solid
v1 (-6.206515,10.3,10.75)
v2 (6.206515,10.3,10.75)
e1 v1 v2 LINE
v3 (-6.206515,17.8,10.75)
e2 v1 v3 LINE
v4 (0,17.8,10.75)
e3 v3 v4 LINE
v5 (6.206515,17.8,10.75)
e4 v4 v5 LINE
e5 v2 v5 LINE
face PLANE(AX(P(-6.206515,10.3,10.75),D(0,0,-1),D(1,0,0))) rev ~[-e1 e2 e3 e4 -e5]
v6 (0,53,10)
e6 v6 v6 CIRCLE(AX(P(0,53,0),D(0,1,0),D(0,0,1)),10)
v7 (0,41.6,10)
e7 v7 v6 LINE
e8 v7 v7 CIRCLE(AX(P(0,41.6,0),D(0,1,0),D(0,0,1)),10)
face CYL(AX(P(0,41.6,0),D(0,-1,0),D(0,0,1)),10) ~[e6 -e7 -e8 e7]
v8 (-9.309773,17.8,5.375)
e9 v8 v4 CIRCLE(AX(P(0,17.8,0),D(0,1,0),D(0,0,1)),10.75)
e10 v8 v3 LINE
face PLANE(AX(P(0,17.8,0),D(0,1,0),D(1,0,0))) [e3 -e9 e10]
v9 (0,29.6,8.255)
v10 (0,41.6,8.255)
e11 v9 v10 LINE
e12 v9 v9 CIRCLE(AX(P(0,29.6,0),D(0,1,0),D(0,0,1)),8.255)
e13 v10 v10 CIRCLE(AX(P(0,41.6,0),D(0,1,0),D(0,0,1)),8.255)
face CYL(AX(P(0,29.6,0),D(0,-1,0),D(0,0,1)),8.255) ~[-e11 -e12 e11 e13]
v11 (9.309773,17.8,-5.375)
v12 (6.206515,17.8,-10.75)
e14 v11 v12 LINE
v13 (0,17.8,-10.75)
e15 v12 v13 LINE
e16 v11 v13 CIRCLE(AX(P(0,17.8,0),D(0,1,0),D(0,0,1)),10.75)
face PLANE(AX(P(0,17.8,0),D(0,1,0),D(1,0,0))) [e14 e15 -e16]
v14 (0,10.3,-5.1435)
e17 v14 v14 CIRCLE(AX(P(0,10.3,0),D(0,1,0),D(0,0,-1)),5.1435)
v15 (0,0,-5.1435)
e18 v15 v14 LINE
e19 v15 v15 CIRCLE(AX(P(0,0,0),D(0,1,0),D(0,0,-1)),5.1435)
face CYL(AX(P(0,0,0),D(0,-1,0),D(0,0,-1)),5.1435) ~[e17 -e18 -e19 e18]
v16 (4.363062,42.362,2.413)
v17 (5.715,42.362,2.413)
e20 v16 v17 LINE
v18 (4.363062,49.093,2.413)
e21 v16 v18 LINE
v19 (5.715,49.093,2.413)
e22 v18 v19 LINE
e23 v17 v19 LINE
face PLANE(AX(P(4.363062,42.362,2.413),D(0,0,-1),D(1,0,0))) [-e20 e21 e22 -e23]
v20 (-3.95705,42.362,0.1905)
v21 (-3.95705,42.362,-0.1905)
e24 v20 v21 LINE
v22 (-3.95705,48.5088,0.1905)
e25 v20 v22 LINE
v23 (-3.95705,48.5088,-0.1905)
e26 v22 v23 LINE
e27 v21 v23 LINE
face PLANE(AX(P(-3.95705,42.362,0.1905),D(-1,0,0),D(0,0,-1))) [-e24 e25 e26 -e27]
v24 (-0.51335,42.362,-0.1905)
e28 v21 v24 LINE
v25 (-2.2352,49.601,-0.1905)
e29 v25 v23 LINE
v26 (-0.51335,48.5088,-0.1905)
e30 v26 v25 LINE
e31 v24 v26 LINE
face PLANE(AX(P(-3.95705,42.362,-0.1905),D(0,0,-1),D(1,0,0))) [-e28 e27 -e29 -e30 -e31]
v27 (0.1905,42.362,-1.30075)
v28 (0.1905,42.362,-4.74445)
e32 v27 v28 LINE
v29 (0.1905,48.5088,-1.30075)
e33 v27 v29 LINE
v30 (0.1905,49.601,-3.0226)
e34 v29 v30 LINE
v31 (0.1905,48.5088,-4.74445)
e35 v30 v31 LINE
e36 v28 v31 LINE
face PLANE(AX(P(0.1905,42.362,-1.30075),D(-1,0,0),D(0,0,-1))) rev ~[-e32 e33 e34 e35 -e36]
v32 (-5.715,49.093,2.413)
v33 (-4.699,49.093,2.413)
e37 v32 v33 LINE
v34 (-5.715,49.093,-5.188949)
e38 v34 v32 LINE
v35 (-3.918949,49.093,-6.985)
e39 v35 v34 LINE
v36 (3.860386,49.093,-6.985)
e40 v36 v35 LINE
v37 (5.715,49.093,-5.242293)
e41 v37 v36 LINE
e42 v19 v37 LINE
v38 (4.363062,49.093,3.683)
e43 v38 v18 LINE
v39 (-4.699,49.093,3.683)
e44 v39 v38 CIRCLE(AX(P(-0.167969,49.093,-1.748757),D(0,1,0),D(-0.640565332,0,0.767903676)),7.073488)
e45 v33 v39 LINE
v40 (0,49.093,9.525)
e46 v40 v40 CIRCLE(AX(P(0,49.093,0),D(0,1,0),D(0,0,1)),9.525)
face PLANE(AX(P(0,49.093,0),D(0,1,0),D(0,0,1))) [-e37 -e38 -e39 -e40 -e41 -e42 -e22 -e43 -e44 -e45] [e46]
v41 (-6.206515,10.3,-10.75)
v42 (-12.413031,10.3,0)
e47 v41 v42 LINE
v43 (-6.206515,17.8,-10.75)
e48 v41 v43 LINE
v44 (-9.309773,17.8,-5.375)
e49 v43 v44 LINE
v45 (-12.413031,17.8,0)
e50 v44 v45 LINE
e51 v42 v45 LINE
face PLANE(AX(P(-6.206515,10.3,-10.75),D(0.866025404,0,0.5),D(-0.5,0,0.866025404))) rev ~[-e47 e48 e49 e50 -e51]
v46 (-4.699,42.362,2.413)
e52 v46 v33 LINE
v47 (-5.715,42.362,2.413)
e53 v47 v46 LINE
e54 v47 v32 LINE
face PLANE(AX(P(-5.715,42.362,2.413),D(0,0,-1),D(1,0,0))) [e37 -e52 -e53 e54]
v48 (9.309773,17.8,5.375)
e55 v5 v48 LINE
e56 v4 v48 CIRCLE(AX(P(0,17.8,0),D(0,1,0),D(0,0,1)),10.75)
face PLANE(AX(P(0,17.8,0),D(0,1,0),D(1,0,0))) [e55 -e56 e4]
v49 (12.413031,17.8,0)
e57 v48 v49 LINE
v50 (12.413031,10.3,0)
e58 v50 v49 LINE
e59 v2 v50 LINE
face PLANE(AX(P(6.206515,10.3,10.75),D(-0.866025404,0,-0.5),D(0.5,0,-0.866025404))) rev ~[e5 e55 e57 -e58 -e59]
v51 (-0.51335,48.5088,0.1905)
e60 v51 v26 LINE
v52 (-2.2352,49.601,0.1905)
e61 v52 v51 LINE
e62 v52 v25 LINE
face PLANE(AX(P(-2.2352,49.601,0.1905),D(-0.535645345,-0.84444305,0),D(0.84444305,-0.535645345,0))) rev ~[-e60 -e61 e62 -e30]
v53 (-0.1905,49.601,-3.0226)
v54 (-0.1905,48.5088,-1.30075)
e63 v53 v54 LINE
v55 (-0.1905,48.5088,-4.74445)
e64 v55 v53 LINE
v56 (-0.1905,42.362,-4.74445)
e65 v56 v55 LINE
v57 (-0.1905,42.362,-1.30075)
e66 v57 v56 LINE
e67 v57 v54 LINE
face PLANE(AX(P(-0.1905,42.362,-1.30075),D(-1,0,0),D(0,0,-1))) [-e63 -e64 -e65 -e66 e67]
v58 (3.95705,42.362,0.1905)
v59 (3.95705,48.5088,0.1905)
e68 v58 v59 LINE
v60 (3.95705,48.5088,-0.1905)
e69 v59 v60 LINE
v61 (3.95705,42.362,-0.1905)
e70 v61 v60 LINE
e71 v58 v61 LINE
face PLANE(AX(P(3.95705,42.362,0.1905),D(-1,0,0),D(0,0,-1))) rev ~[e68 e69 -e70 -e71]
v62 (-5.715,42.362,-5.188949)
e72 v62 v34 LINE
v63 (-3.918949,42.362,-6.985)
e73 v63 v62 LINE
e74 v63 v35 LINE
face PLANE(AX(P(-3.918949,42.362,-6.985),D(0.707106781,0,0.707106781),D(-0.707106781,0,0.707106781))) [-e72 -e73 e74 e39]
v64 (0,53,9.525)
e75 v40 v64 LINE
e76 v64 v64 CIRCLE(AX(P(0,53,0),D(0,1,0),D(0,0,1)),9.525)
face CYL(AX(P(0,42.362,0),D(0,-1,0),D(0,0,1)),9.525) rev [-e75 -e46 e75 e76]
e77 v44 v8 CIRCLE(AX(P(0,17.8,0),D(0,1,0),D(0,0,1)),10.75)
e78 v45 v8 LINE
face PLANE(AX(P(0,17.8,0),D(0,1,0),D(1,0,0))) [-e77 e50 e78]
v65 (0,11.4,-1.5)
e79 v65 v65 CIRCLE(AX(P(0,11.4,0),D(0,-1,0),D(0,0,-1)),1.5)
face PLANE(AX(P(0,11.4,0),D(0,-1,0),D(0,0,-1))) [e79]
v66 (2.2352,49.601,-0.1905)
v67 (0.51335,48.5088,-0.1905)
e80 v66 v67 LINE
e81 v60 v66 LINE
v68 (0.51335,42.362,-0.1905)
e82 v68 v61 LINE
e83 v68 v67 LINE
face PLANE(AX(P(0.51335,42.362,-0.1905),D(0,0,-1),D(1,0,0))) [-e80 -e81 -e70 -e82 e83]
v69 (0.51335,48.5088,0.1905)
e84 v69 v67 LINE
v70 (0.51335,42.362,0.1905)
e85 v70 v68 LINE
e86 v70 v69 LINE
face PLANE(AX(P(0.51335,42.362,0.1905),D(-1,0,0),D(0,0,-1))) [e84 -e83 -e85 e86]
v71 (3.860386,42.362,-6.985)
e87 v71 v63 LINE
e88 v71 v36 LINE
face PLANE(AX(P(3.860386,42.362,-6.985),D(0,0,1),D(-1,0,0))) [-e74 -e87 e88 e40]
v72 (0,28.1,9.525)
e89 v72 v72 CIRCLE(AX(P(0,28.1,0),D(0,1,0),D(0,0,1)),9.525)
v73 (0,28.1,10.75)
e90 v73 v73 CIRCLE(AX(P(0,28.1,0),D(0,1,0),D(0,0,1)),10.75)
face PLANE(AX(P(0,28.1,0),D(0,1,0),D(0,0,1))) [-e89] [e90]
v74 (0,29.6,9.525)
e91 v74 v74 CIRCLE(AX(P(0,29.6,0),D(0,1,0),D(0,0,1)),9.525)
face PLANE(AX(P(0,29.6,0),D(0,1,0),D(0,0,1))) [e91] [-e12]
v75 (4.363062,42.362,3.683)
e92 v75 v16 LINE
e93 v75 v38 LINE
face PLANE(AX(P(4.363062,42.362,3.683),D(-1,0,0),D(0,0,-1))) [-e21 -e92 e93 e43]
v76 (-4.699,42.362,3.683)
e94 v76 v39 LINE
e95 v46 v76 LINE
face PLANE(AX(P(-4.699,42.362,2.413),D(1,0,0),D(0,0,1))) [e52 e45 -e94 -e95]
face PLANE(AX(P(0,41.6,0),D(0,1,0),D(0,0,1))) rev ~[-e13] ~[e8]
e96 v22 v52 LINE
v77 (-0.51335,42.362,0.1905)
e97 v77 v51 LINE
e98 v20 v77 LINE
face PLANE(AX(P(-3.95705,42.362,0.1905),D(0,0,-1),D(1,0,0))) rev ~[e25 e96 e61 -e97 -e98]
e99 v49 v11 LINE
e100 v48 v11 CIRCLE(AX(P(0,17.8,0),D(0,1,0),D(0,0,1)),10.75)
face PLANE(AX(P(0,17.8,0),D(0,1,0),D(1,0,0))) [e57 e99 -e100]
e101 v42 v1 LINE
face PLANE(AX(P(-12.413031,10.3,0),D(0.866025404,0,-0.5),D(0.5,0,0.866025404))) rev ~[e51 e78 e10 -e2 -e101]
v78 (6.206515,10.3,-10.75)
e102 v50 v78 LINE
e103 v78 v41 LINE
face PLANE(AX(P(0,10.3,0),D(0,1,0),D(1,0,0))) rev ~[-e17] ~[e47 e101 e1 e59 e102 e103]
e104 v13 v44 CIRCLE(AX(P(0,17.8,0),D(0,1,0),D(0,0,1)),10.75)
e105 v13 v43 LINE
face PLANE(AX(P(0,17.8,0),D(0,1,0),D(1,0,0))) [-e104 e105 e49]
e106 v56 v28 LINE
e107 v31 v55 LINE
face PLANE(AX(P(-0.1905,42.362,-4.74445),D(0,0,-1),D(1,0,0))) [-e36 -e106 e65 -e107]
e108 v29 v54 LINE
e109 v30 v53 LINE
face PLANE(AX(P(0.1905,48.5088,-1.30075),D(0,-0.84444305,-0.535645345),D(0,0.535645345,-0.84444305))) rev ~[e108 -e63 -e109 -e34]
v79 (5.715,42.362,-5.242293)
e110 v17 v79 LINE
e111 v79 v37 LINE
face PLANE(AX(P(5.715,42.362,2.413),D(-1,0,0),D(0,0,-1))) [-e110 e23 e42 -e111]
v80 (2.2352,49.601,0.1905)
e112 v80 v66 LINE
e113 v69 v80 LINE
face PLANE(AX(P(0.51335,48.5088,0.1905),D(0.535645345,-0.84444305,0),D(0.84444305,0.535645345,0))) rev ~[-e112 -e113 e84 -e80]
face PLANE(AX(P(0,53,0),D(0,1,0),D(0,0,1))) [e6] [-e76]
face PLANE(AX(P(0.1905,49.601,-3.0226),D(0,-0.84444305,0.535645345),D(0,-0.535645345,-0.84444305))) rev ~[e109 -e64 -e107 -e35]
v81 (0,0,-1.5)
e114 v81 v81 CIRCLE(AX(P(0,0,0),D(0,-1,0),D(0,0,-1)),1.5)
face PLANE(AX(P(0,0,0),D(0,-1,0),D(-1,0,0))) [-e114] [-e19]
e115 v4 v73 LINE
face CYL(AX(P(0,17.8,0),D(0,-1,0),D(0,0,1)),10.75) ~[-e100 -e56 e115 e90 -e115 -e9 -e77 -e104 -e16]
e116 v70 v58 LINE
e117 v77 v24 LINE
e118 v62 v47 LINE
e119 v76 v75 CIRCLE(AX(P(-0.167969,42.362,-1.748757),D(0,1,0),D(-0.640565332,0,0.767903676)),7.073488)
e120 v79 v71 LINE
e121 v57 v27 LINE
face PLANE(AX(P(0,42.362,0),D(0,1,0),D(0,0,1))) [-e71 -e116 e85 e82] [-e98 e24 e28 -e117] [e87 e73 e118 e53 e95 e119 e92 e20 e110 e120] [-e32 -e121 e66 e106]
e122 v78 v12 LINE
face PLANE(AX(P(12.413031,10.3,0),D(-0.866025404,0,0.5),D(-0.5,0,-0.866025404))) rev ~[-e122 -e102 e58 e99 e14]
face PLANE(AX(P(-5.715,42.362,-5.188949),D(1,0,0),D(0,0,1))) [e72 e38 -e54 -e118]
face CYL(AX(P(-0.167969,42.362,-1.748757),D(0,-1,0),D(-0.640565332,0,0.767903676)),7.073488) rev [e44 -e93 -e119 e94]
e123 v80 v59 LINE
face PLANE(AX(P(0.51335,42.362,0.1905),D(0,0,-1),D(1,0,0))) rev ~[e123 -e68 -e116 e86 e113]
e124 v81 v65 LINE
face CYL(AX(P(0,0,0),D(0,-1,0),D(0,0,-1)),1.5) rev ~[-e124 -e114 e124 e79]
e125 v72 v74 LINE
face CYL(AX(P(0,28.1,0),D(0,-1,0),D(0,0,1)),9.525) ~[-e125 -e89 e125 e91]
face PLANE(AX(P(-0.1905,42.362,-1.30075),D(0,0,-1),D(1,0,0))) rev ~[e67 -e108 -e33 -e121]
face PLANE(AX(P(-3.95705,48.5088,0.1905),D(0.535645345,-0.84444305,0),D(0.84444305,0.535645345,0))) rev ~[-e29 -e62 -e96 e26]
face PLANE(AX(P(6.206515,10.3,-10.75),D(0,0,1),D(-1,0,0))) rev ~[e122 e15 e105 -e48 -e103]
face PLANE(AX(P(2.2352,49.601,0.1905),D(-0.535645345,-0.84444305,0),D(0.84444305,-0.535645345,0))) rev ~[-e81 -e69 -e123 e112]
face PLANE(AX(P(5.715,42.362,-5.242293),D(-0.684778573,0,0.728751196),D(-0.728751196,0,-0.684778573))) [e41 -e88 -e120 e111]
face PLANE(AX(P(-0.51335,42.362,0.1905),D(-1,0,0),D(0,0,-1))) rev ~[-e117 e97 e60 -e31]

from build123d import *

# Parameters (mm, degrees)
SKETCH1_R           = 5.1435
BOSS_EXTRUDE1_DEPTH = 10.3
BOSS_EXTRUDE2_DEPTH = 7.5
SKETCH3_R           = 10.75
BOSS_EXTRUDE3_DEPTH = 10.3
SKETCH4_R           = 9.525
BOSS_EXTRUDE4_DEPTH = 1.5
SKETCH5_R           = 8.255
BOSS_EXTRUDE5_DEPTH = 12
SKETCH6_R           = 10
BOSS_EXTRUDE6_DEPTH = 11.4
SKETCH7_R           = 4.3053
CUT_EXTRUDE1_DEPTH  = 11.4
SKETCH28_R          = 4.3053
BOSS_EXTRUDE7_DEPTH = 11.4
SKETCH29_R          = 1.5
CUT_EXTRUDE2_DEPTH  = 11.4
CUT_EXTRUDE6_START  = -10.638
SKETCH30_R          = 9.525
CUT_EXTRUDE6_DEPTH  = 10.638
SKETCH31_W          = 0.381
SKETCH31_H          = 3.44369911
SKETCH31_W_2        = 3.44369911
SKETCH31_H_2        = 0.381
BOSS_EXTRUDE8_DEPTH = 7.239
CUT_EXTRUDE7_DEPTH  = 6.731
CUT_EXTRUDE8_DEPTH  = 1.651
CUT_EXTRUDE9_DEPTH  = 1.651
SKETCH35_R          = 9.525
BOSS_EXTRUDE9_DEPTH = 6.731


with BuildPart() as part:
    # Sketch1 → Boss-Extrude1 (new body)
    with BuildSketch(Plane(origin=(0, 0, 0), x_dir=(1, 0, 0), z_dir=(0, 1, 0))):
        with Locations(Location((0, 0, 0), (0, 0, 90))):
            Circle(SKETCH1_R)
    extrude(amount=BOSS_EXTRUDE1_DEPTH)

    # Sketch2 → Boss-Extrude2 (add)
    with BuildSketch(Plane(origin=(0, 10.3, 0), x_dir=(1, 0, 0), z_dir=(0, 1, 0))):
        Polygon((6.206515394, 10.75), (-6.206515394, 10.75), (-12.413030788, 0), (-6.206515394, -10.75), (6.206515394, -10.75), (12.413030788, 0), align=None)
    extrude(amount=BOSS_EXTRUDE2_DEPTH)

    # Sketch3 → Boss-Extrude3 (add)
    with BuildSketch(Plane(origin=(0, 17.8, 0), x_dir=(1, 0, 0), z_dir=(0, 1, 0))):
        with Locations(Location((0, 0, 0), (0, 0, 270))):
            Circle(SKETCH3_R)
    extrude(amount=BOSS_EXTRUDE3_DEPTH)

    # Sketch4 → Boss-Extrude4 (add)
    with BuildSketch(Plane(origin=(0, 28.1, 0), x_dir=(1, 0, 0), z_dir=(0, 1, 0))):
        with Locations(Location((0, 0, 0), (0, 0, 270))):
            Circle(SKETCH4_R)
    extrude(amount=BOSS_EXTRUDE4_DEPTH)

    # Sketch5 → Boss-Extrude5 (add)
    with BuildSketch(Plane(origin=(0, 29.6, 0), x_dir=(1, 0, 0), z_dir=(0, 1, 0))):
        with Locations(Location((0, 0, 0), (0, 0, 270))):
            Circle(SKETCH5_R)
    extrude(amount=BOSS_EXTRUDE5_DEPTH)

    # Sketch6 → Boss-Extrude6 (add)
    with BuildSketch(Plane(origin=(0, 41.6, 0), x_dir=(1, 0, 0), z_dir=(0, 1, 0))):
        with Locations(Location((0, 0, 0), (0, 0, 270))):
            Circle(SKETCH6_R)
    extrude(amount=BOSS_EXTRUDE6_DEPTH)

    # Sketch7 → Cut-Extrude1 (cut)
    with BuildSketch(Plane.XZ):
        with Locations(Location((0, 0, 0), (0, 0, 270))):
            Circle(SKETCH7_R)
    extrude(amount=-CUT_EXTRUDE1_DEPTH, mode=Mode.SUBTRACT)

    # Sketch28 → Boss-Extrude7 (add)
    with BuildSketch(Plane(origin=(0, 0, 0), x_dir=(-1, 0, 0), z_dir=(0, -1, 0))):
        Circle(SKETCH28_R)
    extrude(amount=-BOSS_EXTRUDE7_DEPTH)

    # Sketch29 → Cut-Extrude2 (cut)
    with BuildSketch(Plane.XZ):
        with Locations(Location((0, 0, 0), (0, 0, 270))):
            Circle(SKETCH29_R)
    extrude(amount=-CUT_EXTRUDE2_DEPTH, mode=Mode.SUBTRACT)

    # Sketch30 → Cut-Extrude6 (cut)
    with BuildSketch(Plane(origin=(0, 53, 0), x_dir=(1, 0, 0), z_dir=(0, 1, 0)).offset(CUT_EXTRUDE6_START)):
        with Locations(Location((0, 0, 0), (0, 0, 270))):
            Circle(SKETCH30_R)
    extrude(amount=CUT_EXTRUDE6_DEPTH, mode=Mode.SUBTRACT)

    # Sketch31 → Boss-Extrude8 (add)
    with BuildSketch(Plane(origin=(0, 42.362, 0), x_dir=(1, 0, 0), z_dir=(0, 1, 0))):
        with Locations((0, 3.0226)):
            Rectangle(SKETCH31_W, SKETCH31_H)
        with Locations((-2.2352, 0)):
            Rectangle(SKETCH31_W_2, SKETCH31_H_2)
        with Locations((2.2352, 0)):
            Rectangle(SKETCH31_W_2, SKETCH31_H_2)
    extrude(amount=BOSS_EXTRUDE8_DEPTH)

    # Sketch32 → Cut-Extrude7 (cut)
    with BuildSketch(Plane.XY.offset(0.1905)):
        Polygon((-3.957049555, 48.5088), (-2.2352, 49.601), (-3.957049555, 49.601), align=None)
        Polygon((-0.513350445, 49.601), (-2.2352, 49.601), (-0.513350445, 48.5088), align=None)
    extrude(amount=-CUT_EXTRUDE7_DEPTH, mode=Mode.SUBTRACT)

    # Sketch33 → Cut-Extrude8 (cut)
    with BuildSketch(Plane.XY.offset(0.1905)):
        Polygon((0.513350445, 48.5088), (2.2352, 49.601), (0.513350445, 49.601), align=None)
        Polygon((3.957049555, 49.601), (2.2352, 49.601), (3.957049555, 48.5088), align=None)
    extrude(amount=-CUT_EXTRUDE8_DEPTH, mode=Mode.SUBTRACT)

    # Sketch34 → Cut-Extrude9 (cut)
    with BuildSketch(Plane(origin=(0.1905, 0, 0), x_dir=(0, 0, -1), z_dir=(1, 0, 0))):
        Polygon((1.300750445, 48.5088), (3.0226, 49.601), (1.300750445, 49.601), align=None)
        Polygon((4.744449555, 49.601), (3.0226, 49.601), (4.744449555, 48.5088), align=None)
    extrude(amount=-CUT_EXTRUDE9_DEPTH, mode=Mode.SUBTRACT)

    # Sketch35 → Boss-Extrude9 (add)
    with BuildSketch(Plane(origin=(0, 42.362, 0), x_dir=(1, 0, 0), z_dir=(0, 1, 0))):
        with Locations(Location((0, 0, 0), (0, 0, 270))):
            Circle(SKETCH35_R)
        with BuildLine():
            ThreePointArc((-4.699, -3.683), (-0.167968835, -5.324730553), (4.363062329, -3.683))
            Line((4.363062329, -3.683), (4.363062329, -2.413))
            Line((4.363062329, -2.413), (5.715, -2.413))
            Line((5.715, -2.413), (5.715, 5.24229274))
            Line((5.715, 5.24229274), (3.860385896, 6.985))
            Line((3.860385896, 6.985), (-3.918948776, 6.985))
            Line((-3.918948776, 6.985), (-5.715, 5.188948776))
            Line((-5.715, 5.188948776), (-5.715, -2.413))
            Line((-5.715, -2.413), (-4.699, -2.413))
            Line((-4.699, -2.413), (-4.699, -3.683))
        make_face(mode=Mode.SUBTRACT)
    extrude(amount=BOSS_EXTRUDE9_DEPTH)


solid = part.part
